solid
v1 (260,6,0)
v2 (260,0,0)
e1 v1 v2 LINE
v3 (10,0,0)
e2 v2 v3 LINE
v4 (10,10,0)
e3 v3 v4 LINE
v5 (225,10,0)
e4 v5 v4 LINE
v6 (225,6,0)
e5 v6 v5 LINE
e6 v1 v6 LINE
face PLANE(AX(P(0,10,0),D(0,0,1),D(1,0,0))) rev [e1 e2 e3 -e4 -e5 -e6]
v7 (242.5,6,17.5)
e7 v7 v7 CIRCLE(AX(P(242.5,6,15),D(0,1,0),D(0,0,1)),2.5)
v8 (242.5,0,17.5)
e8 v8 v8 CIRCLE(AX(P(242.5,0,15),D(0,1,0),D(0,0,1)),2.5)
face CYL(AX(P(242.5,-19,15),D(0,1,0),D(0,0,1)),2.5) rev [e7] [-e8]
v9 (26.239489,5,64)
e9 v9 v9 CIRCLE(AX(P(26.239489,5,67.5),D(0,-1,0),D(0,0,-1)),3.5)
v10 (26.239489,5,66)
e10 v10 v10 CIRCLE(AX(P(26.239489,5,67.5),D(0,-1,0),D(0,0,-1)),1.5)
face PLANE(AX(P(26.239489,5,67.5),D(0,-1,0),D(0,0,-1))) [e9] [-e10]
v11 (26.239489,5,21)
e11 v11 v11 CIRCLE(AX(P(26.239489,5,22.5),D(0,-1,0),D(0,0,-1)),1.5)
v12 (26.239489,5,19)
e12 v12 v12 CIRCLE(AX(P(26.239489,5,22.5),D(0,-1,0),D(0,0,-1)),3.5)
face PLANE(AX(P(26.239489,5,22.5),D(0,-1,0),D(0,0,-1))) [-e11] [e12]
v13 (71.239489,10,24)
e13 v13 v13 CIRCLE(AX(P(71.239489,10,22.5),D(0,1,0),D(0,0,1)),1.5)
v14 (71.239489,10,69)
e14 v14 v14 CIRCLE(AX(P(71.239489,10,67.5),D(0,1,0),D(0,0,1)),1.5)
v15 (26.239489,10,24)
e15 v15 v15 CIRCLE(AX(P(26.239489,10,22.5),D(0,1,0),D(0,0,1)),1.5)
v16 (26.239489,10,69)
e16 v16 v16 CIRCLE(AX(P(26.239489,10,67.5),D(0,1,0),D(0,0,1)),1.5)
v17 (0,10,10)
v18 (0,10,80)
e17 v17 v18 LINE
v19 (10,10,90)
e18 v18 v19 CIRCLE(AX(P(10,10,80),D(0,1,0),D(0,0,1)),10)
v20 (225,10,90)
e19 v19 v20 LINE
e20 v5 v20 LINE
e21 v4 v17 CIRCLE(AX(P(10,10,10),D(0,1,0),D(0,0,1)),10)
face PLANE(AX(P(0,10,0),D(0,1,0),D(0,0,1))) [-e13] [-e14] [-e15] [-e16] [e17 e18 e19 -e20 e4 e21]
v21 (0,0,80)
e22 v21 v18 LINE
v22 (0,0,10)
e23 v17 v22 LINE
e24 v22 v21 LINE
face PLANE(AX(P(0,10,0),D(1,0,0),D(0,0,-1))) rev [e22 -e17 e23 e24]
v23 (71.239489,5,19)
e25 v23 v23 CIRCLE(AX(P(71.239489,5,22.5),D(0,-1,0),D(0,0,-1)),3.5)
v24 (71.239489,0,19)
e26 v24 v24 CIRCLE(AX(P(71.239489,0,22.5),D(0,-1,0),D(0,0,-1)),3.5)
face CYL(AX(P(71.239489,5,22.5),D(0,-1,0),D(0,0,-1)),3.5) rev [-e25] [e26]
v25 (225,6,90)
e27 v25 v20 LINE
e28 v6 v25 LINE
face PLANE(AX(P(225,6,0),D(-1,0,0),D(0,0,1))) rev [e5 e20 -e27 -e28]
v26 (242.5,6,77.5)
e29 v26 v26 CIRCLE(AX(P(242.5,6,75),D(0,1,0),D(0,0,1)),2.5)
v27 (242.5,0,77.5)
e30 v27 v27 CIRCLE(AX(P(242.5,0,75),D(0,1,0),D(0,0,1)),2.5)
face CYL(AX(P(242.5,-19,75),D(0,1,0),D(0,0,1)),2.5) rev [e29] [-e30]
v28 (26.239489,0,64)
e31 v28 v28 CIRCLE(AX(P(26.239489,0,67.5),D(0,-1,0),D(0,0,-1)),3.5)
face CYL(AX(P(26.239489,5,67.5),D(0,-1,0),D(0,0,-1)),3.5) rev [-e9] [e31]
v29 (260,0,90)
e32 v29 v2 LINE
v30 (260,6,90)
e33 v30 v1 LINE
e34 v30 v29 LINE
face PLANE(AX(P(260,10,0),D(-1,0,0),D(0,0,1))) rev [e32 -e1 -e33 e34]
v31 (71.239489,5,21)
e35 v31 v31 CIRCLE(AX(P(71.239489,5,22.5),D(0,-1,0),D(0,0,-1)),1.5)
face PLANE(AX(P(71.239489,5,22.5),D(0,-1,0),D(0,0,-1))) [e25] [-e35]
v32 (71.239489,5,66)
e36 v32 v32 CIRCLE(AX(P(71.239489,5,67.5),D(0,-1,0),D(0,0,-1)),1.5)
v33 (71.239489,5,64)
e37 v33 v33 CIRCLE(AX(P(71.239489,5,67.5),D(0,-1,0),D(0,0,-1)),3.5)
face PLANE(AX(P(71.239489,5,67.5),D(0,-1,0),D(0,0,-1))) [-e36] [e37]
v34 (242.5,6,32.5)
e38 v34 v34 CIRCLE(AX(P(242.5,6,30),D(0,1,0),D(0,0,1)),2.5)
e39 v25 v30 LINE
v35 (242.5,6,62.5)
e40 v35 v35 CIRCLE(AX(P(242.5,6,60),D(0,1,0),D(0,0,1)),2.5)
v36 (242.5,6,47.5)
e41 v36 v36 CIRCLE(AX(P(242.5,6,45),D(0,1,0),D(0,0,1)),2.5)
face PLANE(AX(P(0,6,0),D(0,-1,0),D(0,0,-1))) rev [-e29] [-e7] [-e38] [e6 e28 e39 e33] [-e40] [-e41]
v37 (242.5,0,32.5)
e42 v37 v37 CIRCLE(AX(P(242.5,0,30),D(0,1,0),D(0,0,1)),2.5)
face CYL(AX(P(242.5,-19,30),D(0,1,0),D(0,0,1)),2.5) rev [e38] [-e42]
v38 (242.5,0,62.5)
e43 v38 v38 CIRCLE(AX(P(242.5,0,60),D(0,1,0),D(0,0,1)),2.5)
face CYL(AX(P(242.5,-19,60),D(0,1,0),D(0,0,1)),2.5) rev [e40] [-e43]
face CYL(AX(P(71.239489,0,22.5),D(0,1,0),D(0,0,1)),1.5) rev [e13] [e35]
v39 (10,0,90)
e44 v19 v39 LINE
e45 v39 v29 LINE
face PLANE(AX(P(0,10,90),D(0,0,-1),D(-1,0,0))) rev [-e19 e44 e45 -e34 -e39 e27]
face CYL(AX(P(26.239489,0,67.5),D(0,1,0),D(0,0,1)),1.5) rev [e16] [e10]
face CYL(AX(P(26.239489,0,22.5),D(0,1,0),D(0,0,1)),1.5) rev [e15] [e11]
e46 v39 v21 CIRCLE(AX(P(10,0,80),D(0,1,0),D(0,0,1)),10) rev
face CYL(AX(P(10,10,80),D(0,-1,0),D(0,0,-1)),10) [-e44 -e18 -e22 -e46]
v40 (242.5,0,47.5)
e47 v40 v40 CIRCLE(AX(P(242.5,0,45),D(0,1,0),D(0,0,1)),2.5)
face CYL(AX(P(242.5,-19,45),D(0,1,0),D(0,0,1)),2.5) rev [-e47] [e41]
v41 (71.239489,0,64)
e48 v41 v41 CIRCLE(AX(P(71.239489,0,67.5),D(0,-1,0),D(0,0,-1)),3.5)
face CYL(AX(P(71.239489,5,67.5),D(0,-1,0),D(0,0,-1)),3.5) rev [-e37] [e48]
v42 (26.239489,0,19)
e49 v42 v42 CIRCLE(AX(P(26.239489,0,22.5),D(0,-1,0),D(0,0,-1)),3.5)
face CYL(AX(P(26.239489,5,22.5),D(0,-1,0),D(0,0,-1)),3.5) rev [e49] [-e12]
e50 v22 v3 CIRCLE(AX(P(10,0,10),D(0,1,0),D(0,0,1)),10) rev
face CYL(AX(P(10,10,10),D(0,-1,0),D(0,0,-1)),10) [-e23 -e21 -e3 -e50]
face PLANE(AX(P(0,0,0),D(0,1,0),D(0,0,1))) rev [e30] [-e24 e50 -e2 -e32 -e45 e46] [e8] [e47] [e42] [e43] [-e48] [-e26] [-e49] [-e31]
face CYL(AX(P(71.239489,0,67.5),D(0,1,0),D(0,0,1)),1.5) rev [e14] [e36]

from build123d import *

# Parameters (mm, degrees)
SKETCH_1_W          = 260
SKETCH_1_H          = 90
EXTRUDE_1_DEPTH     = 10
SKETCH_2_W          = 35
SKETCH_2_H          = 90
CUT_EXTRUDE_1_DEPTH = 4
SKETCH_3_R          = 1.5
CUT_EXTRUDE_2_DEPTH = 10
CUT_EXTRUDE_START   = -5
SKETCH_4_R          = 3.5
SKETCH_4_R_2        = 1.5
CUT_EXTRUDE_3_DEPTH = 5
SKETCH_5_R          = 2.5
CUT_EXTRUDE_4_DEPTH = 25
FILLET_1_R          = 10


with BuildPart() as part:
    # 草图1 → 凸台-拉伸1 (new body)
    with BuildSketch(Plane(origin=(0, 0, 0), x_dir=(1, 0, 0), z_dir=(0, 1, 0))):
        with Locations((130, -45)):
            Rectangle(SKETCH_1_W, SKETCH_1_H)
    extrude(amount=EXTRUDE_1_DEPTH)

    # 草图2 → 切除-拉伸1 (cut)
    with BuildSketch(Plane(origin=(0, 10, 0), x_dir=(1, 0, 0), z_dir=(0, 1, 0))):
        with Locations((242.5, -45)):
            Rectangle(SKETCH_2_W, SKETCH_2_H)
    extrude(amount=-CUT_EXTRUDE_1_DEPTH, mode=Mode.SUBTRACT)

    # 草图3 → 切除-拉伸2 (cut)
    with BuildSketch(Plane(origin=(0, 10, 0), x_dir=(1, 0, 0), z_dir=(0, 1, 0))):
        with Locations(Location((26.239488698, -22.5, 0), (0, 0, 270))):
            Circle(SKETCH_3_R)
        with Locations(Location((26.239488698, -67.5, 0), (0, 0, 270))):
            Circle(SKETCH_3_R)
        with Locations(Location((71.239488698, -67.5, 0), (0, 0, 270))):
            Circle(SKETCH_3_R)
        with Locations(Location((71.239488698, -22.5, 0), (0, 0, 270))):
            Circle(SKETCH_3_R)
    extrude(amount=-CUT_EXTRUDE_2_DEPTH, mode=Mode.SUBTRACT)

    # 草图4 → 切除-拉伸3 (cut)
    # profile 1 of 4: a face of its own
    with BuildSketch(Plane.XZ.offset(CUT_EXTRUDE_START)):
        with Locations(Location((26.239488698, 67.5, 0), (0, 0, 270))):
            Circle(SKETCH_4_R)
        with Locations(Location((26.239488698, 67.5, 0), (0, 0, 90))):
            Circle(SKETCH_4_R_2, mode=Mode.SUBTRACT)
    # profile 2 of 4: a face of its own
    with BuildSketch(Plane.XZ.offset(CUT_EXTRUDE_START)):
        with Locations(Location((26.239488698, 22.5, 0), (0, 0, 270))):
            Circle(SKETCH_4_R)
        with Locations(Location((26.239488698, 22.5, 0), (0, 0, 90))):
            Circle(SKETCH_4_R_2, mode=Mode.SUBTRACT)
    # profile 3 of 4: a face of its own
    with BuildSketch(Plane.XZ.offset(CUT_EXTRUDE_START)):
        with Locations(Location((71.239488698, 22.5, 0), (0, 0, 270))):
            Circle(SKETCH_4_R)
        with Locations(Location((71.239488698, 22.5, 0), (0, 0, 90))):
            Circle(SKETCH_4_R_2, mode=Mode.SUBTRACT)
    # profile 4 of 4: a face of its own
    with BuildSketch(Plane.XZ.offset(CUT_EXTRUDE_START)):
        with Locations(Location((71.239488698, 67.5, 0), (0, 0, 270))):
            Circle(SKETCH_4_R)
        with Locations(Location((71.239488698, 67.5, 0), (0, 0, 90))):
            Circle(SKETCH_4_R_2, mode=Mode.SUBTRACT)
    extrude(amount=CUT_EXTRUDE_3_DEPTH, mode=Mode.SUBTRACT)

    # 草图5 → 切除-拉伸4 (cut)
    with BuildSketch(Plane(origin=(0, 6, 0), x_dir=(1, 0, 0), z_dir=(0, 1, 0))):
        with Locations(Location((242.5, -45, 0), (0, 0, 270))):
            Circle(SKETCH_5_R)
        with Locations(Location((242.5, -15, 0), (0, 0, 270))):
            Circle(SKETCH_5_R)
        with Locations(Location((242.5, -75, 0), (0, 0, 270))):
            Circle(SKETCH_5_R)
        with Locations(Location((242.5, -30, 0), (0, 0, 270))):
            Circle(SKETCH_5_R)
        with Locations(Location((242.5, -60, 0), (0, 0, 270))):
            Circle(SKETCH_5_R)
    extrude(amount=-CUT_EXTRUDE_4_DEPTH, mode=Mode.SUBTRACT)

    # 圆角1
    fillet_1_edges = [part.edges().sort_by_distance(p)[0] for p in [
        (0, 5, 0),
        (0, 5, 90),
    ]]
    fillet(fillet_1_edges, radius=FILLET_1_R)


solid = part.part
